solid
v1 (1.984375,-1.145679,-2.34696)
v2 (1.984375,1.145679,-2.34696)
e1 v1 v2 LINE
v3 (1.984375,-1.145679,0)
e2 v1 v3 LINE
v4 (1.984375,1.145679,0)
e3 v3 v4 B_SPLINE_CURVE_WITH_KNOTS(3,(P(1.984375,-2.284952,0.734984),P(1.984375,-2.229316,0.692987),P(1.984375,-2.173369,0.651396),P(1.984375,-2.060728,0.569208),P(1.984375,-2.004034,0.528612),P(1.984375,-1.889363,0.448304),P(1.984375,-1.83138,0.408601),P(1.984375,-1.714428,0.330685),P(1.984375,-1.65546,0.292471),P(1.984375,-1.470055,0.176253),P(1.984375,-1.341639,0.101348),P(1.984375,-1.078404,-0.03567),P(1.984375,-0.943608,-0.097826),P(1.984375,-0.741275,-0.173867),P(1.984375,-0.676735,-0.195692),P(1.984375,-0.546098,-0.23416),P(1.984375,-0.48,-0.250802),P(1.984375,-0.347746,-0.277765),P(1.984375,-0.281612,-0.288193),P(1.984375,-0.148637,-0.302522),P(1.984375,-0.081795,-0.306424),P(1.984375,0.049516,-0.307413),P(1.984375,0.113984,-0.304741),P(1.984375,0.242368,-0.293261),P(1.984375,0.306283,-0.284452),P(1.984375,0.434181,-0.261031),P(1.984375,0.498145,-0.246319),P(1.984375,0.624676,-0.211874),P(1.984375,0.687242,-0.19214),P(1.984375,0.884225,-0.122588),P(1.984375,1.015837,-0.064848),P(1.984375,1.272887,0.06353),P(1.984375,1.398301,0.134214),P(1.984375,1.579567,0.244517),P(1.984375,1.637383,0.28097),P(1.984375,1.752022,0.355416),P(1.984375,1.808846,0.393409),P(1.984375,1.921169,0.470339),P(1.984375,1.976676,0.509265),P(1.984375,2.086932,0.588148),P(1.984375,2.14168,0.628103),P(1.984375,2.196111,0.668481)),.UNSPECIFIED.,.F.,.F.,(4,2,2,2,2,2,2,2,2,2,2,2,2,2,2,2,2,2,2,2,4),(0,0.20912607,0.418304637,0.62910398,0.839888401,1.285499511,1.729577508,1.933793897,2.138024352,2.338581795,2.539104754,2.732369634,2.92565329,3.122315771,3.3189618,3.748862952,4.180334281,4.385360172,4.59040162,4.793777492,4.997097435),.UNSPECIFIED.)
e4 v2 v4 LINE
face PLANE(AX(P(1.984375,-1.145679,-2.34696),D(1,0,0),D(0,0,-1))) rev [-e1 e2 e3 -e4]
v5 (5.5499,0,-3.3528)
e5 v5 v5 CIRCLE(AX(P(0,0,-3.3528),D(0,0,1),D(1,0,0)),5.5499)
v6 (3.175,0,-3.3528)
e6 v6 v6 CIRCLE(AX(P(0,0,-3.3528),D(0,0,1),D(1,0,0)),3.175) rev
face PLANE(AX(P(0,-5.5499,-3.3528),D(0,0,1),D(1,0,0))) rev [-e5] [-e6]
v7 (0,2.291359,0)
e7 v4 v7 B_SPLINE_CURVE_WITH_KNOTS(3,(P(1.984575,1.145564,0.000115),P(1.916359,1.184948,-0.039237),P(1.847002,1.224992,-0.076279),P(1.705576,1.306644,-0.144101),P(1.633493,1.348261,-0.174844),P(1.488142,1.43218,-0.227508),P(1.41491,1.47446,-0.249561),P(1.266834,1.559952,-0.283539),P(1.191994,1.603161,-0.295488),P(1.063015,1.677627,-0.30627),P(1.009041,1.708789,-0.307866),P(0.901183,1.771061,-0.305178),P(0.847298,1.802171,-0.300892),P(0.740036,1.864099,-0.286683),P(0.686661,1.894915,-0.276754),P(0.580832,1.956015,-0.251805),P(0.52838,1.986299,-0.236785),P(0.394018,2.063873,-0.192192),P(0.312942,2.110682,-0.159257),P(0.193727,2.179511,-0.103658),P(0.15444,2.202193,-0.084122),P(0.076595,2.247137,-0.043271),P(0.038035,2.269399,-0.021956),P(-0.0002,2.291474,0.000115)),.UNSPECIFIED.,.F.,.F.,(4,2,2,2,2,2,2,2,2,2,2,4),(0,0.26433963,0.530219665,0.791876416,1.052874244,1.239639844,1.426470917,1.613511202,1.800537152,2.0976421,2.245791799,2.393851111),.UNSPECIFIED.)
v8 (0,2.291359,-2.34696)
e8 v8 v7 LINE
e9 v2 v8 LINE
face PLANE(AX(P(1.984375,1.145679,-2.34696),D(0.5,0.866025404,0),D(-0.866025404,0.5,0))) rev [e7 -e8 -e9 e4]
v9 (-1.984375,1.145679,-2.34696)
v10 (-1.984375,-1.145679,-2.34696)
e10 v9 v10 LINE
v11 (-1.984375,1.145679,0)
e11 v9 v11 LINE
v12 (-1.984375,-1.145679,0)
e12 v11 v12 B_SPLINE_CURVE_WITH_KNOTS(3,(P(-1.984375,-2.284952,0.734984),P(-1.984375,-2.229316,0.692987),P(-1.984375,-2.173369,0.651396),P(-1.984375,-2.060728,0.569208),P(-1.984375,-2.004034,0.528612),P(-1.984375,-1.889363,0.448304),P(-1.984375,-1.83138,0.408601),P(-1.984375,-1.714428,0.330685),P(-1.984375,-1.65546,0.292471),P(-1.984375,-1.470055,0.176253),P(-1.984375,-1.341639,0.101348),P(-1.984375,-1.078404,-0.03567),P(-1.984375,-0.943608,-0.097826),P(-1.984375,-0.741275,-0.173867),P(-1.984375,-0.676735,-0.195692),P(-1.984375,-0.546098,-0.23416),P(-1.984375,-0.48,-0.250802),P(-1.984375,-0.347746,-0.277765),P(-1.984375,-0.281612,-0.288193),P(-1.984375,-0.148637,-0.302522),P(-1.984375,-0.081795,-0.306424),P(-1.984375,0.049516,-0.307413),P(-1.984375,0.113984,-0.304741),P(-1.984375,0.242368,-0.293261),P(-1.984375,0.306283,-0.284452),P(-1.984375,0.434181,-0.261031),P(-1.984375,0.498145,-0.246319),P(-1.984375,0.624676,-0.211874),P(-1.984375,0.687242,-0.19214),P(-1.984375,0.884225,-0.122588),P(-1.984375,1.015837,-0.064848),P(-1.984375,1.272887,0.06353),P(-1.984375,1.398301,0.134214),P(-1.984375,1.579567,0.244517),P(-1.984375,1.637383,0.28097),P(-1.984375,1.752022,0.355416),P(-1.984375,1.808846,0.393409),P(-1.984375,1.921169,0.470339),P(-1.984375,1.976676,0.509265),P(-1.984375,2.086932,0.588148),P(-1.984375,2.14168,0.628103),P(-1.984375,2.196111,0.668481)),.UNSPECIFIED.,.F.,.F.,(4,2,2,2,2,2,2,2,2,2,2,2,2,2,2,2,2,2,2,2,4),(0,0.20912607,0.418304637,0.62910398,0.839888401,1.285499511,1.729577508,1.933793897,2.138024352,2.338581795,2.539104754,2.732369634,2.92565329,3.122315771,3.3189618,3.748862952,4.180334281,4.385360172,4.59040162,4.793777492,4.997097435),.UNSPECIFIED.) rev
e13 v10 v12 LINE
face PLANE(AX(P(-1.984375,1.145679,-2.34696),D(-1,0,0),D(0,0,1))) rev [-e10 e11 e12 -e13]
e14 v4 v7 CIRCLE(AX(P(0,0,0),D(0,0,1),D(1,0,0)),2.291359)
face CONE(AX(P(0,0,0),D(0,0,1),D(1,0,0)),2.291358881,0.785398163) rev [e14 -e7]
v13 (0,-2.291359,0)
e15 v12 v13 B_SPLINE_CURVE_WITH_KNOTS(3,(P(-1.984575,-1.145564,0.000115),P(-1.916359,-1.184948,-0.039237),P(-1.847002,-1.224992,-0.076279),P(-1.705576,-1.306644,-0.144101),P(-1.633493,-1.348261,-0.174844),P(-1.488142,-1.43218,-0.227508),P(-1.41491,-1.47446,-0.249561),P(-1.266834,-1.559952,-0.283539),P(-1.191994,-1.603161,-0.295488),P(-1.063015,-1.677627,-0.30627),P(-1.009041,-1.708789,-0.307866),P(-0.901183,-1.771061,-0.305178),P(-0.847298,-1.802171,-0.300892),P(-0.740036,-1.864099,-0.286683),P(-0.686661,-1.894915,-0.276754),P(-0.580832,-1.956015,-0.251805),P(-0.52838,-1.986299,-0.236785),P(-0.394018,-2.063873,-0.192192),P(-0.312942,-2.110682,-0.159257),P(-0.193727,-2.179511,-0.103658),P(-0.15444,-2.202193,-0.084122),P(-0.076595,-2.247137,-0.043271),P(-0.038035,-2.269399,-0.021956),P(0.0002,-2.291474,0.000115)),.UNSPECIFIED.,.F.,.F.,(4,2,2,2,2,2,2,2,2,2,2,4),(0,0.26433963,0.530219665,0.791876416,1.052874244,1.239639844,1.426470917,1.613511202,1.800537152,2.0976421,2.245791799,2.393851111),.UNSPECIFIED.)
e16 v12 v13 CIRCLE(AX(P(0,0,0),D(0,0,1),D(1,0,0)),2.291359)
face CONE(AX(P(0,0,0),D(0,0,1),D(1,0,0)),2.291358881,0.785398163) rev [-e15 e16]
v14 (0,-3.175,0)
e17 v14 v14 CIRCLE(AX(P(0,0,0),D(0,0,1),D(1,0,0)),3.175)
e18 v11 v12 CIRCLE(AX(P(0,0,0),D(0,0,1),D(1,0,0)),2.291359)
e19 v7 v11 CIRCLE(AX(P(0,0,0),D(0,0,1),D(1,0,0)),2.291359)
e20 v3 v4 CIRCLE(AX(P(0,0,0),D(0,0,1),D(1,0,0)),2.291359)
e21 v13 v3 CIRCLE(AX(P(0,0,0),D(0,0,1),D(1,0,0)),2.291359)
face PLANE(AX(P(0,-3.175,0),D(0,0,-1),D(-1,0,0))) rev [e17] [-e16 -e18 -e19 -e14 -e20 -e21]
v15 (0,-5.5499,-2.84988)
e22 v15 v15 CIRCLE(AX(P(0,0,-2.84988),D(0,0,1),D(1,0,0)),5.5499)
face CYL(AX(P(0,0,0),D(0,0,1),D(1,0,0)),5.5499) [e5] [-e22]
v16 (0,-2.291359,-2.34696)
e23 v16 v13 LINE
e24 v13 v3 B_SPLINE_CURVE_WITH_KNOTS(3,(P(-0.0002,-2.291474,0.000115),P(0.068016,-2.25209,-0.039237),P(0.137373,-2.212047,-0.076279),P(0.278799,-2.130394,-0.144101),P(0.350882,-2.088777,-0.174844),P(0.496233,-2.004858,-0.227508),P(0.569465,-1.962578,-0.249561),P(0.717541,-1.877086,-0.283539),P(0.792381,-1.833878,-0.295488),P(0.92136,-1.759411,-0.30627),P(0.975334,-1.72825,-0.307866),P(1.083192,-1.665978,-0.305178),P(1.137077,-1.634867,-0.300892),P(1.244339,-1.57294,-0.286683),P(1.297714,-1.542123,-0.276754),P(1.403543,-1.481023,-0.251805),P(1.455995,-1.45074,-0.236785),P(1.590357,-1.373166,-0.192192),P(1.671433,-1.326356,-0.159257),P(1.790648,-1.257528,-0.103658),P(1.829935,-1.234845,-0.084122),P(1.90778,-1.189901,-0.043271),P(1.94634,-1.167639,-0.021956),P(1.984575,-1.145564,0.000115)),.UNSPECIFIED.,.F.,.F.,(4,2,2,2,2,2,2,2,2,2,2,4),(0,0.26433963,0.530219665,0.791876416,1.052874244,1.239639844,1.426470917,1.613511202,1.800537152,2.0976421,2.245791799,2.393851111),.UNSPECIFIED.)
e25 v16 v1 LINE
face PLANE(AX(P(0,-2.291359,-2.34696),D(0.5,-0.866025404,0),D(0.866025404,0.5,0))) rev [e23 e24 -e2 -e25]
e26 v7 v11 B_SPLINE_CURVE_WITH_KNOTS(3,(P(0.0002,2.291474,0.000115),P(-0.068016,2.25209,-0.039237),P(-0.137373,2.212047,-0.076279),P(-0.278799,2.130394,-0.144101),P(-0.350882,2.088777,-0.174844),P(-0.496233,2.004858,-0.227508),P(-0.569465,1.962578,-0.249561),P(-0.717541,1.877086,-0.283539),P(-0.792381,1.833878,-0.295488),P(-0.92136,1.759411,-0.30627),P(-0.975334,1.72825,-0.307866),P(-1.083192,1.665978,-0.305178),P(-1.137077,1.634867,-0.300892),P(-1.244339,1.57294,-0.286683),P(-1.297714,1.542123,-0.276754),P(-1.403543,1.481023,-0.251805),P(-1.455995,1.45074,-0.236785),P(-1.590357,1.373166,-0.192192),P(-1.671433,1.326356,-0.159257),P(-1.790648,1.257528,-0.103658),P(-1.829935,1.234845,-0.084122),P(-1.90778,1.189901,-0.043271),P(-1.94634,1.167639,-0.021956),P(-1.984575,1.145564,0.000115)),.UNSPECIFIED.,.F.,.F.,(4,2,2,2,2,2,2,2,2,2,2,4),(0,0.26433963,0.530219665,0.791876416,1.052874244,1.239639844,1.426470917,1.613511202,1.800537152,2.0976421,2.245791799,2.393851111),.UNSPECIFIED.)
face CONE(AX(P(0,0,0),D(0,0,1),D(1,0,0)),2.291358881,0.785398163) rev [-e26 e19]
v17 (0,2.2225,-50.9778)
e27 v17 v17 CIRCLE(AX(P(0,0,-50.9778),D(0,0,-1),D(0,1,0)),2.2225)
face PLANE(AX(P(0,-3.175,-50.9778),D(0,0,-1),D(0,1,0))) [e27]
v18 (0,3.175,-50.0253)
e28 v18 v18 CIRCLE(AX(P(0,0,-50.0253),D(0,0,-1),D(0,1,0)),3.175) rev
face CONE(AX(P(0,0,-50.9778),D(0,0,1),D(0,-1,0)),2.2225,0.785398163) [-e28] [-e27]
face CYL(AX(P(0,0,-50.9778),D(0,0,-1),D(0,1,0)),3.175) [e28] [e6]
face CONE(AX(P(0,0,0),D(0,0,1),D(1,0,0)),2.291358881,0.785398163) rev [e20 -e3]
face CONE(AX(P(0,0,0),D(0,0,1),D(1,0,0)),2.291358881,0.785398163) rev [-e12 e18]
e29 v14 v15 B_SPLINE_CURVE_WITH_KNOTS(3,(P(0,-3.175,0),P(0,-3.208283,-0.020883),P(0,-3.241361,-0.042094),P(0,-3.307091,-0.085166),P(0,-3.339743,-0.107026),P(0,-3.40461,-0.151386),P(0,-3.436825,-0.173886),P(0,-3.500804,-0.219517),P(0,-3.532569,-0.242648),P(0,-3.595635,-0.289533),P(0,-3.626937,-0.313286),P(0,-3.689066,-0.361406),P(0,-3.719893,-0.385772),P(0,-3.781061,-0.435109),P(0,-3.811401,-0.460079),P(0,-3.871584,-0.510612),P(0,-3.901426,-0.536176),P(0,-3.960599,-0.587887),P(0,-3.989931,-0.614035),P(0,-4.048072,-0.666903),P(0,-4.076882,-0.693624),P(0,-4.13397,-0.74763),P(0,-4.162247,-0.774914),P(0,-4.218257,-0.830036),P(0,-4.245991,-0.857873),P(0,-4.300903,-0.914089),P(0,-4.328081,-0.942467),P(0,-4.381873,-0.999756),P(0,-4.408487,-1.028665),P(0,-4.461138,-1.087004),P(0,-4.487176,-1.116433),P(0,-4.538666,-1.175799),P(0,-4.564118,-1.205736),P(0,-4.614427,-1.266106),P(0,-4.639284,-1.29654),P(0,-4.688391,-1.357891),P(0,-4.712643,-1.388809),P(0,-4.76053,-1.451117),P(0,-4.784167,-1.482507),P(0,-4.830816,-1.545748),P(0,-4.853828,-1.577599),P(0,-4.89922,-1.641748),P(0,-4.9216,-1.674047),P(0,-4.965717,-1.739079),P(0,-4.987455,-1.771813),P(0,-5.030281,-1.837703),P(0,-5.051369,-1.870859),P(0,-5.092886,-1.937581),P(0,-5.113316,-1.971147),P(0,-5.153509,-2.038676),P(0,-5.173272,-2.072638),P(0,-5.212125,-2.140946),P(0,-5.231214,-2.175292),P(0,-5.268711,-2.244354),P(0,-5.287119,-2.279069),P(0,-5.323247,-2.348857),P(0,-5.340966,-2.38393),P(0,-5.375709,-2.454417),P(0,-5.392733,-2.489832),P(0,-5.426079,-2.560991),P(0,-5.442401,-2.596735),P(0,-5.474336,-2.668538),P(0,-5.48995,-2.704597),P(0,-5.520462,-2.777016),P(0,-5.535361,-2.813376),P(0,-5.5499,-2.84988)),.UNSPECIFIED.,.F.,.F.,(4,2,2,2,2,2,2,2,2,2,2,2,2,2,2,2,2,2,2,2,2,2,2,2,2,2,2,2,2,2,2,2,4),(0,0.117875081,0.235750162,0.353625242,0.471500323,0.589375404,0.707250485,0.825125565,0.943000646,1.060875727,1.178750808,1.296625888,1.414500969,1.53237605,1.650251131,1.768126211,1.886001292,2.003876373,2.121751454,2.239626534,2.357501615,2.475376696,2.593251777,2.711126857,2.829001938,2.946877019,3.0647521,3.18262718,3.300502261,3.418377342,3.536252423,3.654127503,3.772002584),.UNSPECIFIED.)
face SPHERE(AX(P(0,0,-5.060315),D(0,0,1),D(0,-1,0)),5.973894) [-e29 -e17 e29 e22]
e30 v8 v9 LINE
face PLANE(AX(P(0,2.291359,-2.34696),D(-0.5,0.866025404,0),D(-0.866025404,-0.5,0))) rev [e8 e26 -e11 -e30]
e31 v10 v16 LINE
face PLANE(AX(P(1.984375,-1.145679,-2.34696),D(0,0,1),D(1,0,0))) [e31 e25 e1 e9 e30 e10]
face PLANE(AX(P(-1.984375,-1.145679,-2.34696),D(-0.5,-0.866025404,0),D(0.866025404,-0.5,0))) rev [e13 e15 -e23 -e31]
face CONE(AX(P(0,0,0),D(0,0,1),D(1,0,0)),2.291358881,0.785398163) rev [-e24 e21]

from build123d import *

# Parameters (mm, degrees)
SKETCH1_W          = 47.625
SKETCH1_H          = 3.175
CHAMFER1_SIZE      = 0.9525
CUT_EXTRUDE2_DEPTH = 2.34696


with BuildPart() as part:
    # Sketch1 → Revolve1 (revolve)
    with BuildSketch(Plane(origin=(0, 0, 0), x_dir=(0, 0, -1), z_dir=(1, 0, 0))):
        with Locations((27.1653, 1.5875)):
            Rectangle(SKETCH1_W, SKETCH1_H)
    revolve(axis=Axis((0, 0, -50.9778), (0, 0, 1)))

    # Chamfer1
    chamfer1_edges = [part.edges().sort_by_distance(p)[0] for p in [
        (0, -3.175, -50.9778),
    ]]
    chamfer(chamfer1_edges, length=CHAMFER1_SIZE)

    # Sketch7 → Revolve2 (revolve)
    with BuildSketch(Plane(origin=(0, 0, 0), x_dir=(0, 0, -1), z_dir=(1, 0, 0))):
        with BuildLine():
            Line((2.84988, 5.5499), (3.3528, 5.5499))
            Line((3.3528, 5.5499), (3.3528, 0))
            Line((3.3528, 0), (0, 0))
            Line((0, 0), (0, 3.175))
            ThreePointArc((0, 3.175), (1.235921075, 4.58927271), (2.84988, 5.5499))
        make_face()
    revolve(axis=Axis((0, 0, 0), (0, 0, -1)))

    # Sketch5 → Cut-Extrude2 (cut)
    with BuildSketch(Plane.XY):
        Polygon((1.984375, -1.14567944), (1.984375, 1.14567944), (0, 2.291358881), (-1.984375, 1.14567944), (-1.984375, -1.14567944), (0, -2.291358881), align=None)
    extrude(amount=-CUT_EXTRUDE2_DEPTH, mode=Mode.SUBTRACT)

    # Cut-Extrude3 cone 1 section (through the dimple's axis) → Cut-Extrude3 (revolve, cut)
    with BuildSketch(Plane(origin=(0, 0, 0), x_dir=(0, -1, 0), z_dir=(1, 0, 0))):
        Polygon((0, 0), (2.291358881, 0), (0, 2.291358881), align=None)
    revolve(axis=Axis((0, 0, 0), (0, 0, -1)), mode=Mode.SUBTRACT)


solid = part.part
